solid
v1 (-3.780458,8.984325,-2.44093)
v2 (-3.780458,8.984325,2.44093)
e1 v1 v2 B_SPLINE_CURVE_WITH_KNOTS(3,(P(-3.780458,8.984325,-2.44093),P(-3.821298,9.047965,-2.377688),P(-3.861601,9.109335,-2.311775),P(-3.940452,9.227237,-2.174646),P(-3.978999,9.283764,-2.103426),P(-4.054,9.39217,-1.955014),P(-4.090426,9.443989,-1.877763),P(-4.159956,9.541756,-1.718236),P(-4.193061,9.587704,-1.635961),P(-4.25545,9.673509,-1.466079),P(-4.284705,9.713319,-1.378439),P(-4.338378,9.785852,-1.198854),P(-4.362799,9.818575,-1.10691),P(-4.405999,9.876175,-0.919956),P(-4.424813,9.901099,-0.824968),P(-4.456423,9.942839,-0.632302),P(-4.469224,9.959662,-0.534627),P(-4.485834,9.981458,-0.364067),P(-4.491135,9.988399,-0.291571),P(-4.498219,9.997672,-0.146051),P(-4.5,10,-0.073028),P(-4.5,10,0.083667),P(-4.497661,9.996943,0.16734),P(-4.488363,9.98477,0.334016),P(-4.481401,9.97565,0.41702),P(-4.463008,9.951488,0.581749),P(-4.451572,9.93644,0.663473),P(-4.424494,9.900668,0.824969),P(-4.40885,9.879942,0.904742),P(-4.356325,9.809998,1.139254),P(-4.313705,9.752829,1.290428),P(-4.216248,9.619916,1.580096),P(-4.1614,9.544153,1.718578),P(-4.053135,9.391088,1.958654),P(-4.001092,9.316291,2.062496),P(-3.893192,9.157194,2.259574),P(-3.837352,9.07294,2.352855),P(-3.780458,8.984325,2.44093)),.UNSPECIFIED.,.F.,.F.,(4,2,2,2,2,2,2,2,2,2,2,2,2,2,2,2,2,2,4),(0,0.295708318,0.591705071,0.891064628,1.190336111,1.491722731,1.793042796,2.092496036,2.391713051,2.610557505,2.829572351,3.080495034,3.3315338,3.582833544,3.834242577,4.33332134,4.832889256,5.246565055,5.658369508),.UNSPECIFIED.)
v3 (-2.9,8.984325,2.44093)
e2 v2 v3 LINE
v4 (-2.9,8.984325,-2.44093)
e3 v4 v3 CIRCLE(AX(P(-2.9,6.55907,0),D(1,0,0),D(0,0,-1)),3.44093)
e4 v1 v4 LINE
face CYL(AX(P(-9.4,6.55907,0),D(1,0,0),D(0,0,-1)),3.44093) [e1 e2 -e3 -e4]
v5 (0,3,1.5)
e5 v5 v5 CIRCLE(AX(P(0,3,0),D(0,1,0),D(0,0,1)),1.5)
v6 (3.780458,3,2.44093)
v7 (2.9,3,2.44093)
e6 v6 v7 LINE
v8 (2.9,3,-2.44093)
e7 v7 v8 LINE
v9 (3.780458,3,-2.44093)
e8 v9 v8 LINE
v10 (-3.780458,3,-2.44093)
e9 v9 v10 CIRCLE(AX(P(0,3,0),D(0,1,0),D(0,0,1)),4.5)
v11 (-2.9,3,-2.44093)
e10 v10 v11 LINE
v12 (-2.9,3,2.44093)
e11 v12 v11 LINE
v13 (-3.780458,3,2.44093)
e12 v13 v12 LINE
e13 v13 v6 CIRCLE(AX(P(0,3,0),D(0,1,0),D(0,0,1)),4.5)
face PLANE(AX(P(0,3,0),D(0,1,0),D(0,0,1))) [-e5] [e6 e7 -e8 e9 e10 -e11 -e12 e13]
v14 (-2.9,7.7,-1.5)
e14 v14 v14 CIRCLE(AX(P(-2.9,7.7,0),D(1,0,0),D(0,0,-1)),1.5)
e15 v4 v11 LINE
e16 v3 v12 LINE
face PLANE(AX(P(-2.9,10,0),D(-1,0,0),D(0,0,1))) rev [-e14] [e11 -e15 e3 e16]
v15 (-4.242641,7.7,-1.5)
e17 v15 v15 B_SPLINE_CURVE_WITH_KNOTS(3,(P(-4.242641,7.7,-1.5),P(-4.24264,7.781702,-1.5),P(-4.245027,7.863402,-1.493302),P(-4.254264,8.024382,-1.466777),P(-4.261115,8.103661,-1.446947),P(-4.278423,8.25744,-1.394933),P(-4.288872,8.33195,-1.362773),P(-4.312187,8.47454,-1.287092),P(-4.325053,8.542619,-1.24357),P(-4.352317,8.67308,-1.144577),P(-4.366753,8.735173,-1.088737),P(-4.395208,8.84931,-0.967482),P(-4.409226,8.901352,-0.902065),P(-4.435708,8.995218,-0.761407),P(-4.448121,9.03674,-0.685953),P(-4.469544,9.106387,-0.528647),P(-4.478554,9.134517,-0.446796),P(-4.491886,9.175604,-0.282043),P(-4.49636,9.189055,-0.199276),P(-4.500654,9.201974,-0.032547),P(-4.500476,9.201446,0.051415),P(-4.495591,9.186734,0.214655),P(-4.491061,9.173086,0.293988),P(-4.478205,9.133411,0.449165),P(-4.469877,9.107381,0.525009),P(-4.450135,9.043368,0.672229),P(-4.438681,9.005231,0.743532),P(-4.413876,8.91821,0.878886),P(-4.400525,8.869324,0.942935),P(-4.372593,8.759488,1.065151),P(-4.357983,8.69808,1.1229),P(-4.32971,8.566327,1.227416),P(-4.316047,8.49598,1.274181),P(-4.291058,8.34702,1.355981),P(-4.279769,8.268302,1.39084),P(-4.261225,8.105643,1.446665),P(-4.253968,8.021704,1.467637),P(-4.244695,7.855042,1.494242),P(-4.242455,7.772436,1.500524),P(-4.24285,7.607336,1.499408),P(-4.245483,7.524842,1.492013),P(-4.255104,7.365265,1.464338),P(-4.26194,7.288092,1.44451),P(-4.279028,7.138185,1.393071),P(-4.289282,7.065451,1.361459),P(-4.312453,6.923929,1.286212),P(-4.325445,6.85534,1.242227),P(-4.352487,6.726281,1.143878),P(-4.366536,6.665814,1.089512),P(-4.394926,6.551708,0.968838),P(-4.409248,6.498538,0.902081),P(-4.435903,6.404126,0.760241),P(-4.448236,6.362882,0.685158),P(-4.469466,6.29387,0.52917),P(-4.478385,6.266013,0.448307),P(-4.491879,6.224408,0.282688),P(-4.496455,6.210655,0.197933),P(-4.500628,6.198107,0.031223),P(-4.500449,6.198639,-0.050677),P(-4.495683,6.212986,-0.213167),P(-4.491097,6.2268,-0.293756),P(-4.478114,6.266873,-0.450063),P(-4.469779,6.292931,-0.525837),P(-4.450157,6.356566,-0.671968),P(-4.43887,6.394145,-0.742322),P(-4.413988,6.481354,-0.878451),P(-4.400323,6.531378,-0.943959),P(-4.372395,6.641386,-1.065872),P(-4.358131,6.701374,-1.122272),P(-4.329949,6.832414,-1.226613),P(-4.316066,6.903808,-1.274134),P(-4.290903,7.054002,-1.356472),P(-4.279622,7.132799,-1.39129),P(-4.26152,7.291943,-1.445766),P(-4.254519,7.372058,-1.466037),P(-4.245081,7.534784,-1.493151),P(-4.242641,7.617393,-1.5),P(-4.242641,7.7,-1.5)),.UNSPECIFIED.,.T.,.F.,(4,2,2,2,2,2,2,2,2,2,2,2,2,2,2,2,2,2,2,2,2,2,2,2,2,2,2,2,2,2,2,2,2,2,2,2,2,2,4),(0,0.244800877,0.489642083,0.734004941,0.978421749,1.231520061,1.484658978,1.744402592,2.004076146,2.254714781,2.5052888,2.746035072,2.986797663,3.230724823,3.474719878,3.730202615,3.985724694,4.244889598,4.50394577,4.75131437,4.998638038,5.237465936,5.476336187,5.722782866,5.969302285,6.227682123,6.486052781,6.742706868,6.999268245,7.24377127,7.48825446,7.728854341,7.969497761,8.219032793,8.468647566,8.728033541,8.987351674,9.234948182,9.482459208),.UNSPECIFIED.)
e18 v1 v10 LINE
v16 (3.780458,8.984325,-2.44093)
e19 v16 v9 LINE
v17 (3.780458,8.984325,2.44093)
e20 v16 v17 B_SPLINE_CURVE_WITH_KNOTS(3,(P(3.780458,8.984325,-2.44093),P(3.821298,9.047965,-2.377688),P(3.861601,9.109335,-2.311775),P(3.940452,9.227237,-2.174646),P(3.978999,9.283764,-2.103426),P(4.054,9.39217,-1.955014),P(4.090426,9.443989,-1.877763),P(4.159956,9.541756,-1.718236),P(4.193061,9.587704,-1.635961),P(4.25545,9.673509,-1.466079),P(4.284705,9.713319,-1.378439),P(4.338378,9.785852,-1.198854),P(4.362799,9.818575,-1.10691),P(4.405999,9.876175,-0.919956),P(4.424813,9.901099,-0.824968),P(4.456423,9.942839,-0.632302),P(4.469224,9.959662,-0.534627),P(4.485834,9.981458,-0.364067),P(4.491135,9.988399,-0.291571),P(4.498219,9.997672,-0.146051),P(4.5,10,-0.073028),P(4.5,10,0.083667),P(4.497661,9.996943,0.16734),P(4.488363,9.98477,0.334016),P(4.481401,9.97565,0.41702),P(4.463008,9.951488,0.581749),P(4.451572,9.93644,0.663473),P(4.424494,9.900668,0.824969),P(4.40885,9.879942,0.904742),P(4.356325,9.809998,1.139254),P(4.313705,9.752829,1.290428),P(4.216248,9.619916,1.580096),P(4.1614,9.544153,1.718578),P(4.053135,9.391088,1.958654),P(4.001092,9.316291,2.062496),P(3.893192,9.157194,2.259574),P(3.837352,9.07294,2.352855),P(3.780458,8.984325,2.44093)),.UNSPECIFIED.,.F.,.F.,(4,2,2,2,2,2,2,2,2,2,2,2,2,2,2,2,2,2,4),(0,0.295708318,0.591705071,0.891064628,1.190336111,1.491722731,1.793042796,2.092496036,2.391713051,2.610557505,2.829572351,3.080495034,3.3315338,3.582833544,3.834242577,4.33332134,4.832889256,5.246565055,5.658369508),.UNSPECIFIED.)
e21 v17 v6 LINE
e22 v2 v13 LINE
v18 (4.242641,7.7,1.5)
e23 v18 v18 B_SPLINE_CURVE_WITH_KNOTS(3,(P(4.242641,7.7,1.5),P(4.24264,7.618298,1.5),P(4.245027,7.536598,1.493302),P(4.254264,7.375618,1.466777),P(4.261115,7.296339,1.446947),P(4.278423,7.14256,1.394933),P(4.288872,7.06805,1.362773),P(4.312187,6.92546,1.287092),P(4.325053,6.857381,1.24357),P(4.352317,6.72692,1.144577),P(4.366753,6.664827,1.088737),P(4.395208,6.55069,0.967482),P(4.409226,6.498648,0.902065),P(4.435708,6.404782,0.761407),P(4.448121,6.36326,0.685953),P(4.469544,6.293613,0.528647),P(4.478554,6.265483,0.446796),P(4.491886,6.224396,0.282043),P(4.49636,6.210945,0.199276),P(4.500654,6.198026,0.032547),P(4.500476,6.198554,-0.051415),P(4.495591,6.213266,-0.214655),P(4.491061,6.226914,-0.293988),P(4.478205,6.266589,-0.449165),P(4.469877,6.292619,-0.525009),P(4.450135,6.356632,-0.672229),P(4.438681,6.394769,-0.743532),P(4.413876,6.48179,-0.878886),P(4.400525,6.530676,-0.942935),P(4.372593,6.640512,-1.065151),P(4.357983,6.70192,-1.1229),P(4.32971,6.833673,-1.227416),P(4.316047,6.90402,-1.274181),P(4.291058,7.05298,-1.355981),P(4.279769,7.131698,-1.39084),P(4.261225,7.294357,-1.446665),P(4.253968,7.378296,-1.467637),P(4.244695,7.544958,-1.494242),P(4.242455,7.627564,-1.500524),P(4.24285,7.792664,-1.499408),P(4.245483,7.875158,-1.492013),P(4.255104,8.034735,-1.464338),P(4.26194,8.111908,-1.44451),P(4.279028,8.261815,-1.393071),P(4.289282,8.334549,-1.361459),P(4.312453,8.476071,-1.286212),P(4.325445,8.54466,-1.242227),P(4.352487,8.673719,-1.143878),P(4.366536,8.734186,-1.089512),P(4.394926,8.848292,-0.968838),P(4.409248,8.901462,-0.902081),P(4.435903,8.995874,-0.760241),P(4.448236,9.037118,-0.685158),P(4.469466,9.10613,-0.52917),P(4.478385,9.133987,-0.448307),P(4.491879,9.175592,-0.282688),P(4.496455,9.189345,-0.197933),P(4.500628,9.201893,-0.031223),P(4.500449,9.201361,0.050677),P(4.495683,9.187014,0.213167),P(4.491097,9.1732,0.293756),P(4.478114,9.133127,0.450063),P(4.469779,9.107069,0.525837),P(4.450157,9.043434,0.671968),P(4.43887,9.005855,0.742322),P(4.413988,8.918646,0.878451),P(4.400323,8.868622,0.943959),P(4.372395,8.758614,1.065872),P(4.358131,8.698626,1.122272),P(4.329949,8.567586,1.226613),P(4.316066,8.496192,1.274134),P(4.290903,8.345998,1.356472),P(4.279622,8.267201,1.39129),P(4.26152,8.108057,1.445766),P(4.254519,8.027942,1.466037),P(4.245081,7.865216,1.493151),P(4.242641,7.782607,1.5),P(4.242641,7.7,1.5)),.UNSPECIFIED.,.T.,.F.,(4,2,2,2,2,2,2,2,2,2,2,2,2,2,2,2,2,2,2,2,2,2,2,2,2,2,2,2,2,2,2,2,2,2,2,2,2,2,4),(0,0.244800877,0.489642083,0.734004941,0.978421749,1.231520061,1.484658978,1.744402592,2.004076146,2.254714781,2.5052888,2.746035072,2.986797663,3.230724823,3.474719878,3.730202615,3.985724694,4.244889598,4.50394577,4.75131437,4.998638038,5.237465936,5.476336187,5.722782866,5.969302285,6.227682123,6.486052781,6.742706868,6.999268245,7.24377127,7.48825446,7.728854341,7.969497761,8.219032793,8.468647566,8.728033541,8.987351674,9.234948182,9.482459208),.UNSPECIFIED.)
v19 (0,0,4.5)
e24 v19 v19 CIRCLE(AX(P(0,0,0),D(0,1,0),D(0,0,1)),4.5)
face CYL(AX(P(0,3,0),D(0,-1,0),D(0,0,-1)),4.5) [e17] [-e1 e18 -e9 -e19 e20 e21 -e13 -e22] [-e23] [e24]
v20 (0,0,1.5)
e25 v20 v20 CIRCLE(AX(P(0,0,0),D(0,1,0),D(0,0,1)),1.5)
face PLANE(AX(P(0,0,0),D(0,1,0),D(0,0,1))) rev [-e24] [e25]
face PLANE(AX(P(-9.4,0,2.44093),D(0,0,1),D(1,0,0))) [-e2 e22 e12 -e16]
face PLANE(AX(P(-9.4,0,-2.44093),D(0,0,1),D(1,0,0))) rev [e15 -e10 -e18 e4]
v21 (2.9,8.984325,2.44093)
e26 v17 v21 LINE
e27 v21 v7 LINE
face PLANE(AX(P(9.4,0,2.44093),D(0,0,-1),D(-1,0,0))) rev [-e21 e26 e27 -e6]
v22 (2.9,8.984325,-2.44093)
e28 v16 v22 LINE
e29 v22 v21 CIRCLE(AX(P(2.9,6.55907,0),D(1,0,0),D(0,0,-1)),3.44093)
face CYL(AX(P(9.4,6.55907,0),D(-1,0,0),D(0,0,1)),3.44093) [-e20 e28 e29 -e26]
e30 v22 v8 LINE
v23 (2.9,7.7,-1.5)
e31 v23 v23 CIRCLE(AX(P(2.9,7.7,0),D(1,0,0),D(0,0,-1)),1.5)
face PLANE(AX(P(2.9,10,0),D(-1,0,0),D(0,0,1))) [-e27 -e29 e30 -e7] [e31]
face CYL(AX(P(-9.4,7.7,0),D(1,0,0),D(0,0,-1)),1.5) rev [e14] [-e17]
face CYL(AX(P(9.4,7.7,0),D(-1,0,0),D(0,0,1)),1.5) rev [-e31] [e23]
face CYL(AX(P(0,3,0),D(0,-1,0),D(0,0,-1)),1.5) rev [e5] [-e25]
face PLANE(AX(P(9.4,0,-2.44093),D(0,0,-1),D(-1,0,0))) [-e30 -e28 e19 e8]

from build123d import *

# Parameters (mm, degrees)
SKETCH1_R           = 4.5
SKETCH1_R_2         = 1.5
BOSS_EXTRUDE1_DEPTH = 3
BOSS_EXTRUDE2_DEPTH = 7
SKETCH3_R           = 1.5
CUT_EXTRUDE1_DEPTH  = 6.5


with BuildPart() as part:
    # Sketch1 → Boss-Extrude1 (new body)
    with BuildSketch(Plane(origin=(0, 0, 0), x_dir=(1, 0, 0), z_dir=(0, 1, 0))):
        with Locations(Location((0, 0, 0), (0, 0, 270))):
            Circle(SKETCH1_R)
        with Locations(Location((0, 0, 0), (0, 0, 270))):
            Circle(SKETCH1_R_2, mode=Mode.SUBTRACT)
    extrude(amount=BOSS_EXTRUDE1_DEPTH)

    # Sketch2 → Boss-Extrude2 (add)
    with BuildSketch(Plane(origin=(0, 3, 0), x_dir=(1, 0, 0), z_dir=(0, 1, 0))):
        with BuildLine():
            ThreePointArc((-2.9, 3.440930107), (-4.5, 0), (-2.9, -3.440930107))
            Line((-2.9, -3.440930107), (-2.9, 3.440930107))
        make_face()
        with BuildLine():
            Line((2.9, 3.440930107), (2.9, -3.440930107))
            ThreePointArc((2.9, -3.440930107), (4.080441153, -1.897366596), (4.5, 0))
            ThreePointArc((4.5, 0), (4.080441153, 1.897366596), (2.9, 3.440930107))
        make_face()
    extrude(amount=BOSS_EXTRUDE2_DEPTH)

    # Sketch3 → Cut-Extrude1 (cut)
    with BuildSketch(Plane(origin=(-2.9, 0, 0), x_dir=(0, 0, -1), z_dir=(1, 0, 0))):
        with BuildLine():
            Line((2.440930107, 8.984324563), (2.440930107, 3))
            Line((2.440930107, 3), (3.440930107, 3))
            Line((3.440930107, 3), (3.440930107, 10))
            Line((3.440930107, 10), (0, 10))
            ThreePointArc((0, 10), (1.321905479, 9.735949794), (2.440930107, 8.984324563))
        make_face()
        with BuildLine():
            ThreePointArc((-2.440930107, 8.984324563), (-1.321905479, 9.735949794), (0, 10))
            Line((0, 10), (-3.440930107, 10))
            Line((-3.440930107, 10), (-3.440930107, 3))
            Line((-3.440930107, 3), (-2.440930107, 3))
            Line((-2.440930107, 3), (-2.440930107, 8.984324563))
        make_face()
        with Locations((0, 7.7)):
            Circle(SKETCH3_R)
    cut_extrude1 = extrude(amount=-CUT_EXTRUDE1_DEPTH, mode=Mode.SUBTRACT)

    # Mirror1: Cut-Extrude1 across plane
    add(cut_extrude1.mirror(Plane(origin=(0, 0, 0), x_dir=(0, 0, 1), z_dir=(1, 0, 0))), mode=Mode.SUBTRACT)


solid = part.part
